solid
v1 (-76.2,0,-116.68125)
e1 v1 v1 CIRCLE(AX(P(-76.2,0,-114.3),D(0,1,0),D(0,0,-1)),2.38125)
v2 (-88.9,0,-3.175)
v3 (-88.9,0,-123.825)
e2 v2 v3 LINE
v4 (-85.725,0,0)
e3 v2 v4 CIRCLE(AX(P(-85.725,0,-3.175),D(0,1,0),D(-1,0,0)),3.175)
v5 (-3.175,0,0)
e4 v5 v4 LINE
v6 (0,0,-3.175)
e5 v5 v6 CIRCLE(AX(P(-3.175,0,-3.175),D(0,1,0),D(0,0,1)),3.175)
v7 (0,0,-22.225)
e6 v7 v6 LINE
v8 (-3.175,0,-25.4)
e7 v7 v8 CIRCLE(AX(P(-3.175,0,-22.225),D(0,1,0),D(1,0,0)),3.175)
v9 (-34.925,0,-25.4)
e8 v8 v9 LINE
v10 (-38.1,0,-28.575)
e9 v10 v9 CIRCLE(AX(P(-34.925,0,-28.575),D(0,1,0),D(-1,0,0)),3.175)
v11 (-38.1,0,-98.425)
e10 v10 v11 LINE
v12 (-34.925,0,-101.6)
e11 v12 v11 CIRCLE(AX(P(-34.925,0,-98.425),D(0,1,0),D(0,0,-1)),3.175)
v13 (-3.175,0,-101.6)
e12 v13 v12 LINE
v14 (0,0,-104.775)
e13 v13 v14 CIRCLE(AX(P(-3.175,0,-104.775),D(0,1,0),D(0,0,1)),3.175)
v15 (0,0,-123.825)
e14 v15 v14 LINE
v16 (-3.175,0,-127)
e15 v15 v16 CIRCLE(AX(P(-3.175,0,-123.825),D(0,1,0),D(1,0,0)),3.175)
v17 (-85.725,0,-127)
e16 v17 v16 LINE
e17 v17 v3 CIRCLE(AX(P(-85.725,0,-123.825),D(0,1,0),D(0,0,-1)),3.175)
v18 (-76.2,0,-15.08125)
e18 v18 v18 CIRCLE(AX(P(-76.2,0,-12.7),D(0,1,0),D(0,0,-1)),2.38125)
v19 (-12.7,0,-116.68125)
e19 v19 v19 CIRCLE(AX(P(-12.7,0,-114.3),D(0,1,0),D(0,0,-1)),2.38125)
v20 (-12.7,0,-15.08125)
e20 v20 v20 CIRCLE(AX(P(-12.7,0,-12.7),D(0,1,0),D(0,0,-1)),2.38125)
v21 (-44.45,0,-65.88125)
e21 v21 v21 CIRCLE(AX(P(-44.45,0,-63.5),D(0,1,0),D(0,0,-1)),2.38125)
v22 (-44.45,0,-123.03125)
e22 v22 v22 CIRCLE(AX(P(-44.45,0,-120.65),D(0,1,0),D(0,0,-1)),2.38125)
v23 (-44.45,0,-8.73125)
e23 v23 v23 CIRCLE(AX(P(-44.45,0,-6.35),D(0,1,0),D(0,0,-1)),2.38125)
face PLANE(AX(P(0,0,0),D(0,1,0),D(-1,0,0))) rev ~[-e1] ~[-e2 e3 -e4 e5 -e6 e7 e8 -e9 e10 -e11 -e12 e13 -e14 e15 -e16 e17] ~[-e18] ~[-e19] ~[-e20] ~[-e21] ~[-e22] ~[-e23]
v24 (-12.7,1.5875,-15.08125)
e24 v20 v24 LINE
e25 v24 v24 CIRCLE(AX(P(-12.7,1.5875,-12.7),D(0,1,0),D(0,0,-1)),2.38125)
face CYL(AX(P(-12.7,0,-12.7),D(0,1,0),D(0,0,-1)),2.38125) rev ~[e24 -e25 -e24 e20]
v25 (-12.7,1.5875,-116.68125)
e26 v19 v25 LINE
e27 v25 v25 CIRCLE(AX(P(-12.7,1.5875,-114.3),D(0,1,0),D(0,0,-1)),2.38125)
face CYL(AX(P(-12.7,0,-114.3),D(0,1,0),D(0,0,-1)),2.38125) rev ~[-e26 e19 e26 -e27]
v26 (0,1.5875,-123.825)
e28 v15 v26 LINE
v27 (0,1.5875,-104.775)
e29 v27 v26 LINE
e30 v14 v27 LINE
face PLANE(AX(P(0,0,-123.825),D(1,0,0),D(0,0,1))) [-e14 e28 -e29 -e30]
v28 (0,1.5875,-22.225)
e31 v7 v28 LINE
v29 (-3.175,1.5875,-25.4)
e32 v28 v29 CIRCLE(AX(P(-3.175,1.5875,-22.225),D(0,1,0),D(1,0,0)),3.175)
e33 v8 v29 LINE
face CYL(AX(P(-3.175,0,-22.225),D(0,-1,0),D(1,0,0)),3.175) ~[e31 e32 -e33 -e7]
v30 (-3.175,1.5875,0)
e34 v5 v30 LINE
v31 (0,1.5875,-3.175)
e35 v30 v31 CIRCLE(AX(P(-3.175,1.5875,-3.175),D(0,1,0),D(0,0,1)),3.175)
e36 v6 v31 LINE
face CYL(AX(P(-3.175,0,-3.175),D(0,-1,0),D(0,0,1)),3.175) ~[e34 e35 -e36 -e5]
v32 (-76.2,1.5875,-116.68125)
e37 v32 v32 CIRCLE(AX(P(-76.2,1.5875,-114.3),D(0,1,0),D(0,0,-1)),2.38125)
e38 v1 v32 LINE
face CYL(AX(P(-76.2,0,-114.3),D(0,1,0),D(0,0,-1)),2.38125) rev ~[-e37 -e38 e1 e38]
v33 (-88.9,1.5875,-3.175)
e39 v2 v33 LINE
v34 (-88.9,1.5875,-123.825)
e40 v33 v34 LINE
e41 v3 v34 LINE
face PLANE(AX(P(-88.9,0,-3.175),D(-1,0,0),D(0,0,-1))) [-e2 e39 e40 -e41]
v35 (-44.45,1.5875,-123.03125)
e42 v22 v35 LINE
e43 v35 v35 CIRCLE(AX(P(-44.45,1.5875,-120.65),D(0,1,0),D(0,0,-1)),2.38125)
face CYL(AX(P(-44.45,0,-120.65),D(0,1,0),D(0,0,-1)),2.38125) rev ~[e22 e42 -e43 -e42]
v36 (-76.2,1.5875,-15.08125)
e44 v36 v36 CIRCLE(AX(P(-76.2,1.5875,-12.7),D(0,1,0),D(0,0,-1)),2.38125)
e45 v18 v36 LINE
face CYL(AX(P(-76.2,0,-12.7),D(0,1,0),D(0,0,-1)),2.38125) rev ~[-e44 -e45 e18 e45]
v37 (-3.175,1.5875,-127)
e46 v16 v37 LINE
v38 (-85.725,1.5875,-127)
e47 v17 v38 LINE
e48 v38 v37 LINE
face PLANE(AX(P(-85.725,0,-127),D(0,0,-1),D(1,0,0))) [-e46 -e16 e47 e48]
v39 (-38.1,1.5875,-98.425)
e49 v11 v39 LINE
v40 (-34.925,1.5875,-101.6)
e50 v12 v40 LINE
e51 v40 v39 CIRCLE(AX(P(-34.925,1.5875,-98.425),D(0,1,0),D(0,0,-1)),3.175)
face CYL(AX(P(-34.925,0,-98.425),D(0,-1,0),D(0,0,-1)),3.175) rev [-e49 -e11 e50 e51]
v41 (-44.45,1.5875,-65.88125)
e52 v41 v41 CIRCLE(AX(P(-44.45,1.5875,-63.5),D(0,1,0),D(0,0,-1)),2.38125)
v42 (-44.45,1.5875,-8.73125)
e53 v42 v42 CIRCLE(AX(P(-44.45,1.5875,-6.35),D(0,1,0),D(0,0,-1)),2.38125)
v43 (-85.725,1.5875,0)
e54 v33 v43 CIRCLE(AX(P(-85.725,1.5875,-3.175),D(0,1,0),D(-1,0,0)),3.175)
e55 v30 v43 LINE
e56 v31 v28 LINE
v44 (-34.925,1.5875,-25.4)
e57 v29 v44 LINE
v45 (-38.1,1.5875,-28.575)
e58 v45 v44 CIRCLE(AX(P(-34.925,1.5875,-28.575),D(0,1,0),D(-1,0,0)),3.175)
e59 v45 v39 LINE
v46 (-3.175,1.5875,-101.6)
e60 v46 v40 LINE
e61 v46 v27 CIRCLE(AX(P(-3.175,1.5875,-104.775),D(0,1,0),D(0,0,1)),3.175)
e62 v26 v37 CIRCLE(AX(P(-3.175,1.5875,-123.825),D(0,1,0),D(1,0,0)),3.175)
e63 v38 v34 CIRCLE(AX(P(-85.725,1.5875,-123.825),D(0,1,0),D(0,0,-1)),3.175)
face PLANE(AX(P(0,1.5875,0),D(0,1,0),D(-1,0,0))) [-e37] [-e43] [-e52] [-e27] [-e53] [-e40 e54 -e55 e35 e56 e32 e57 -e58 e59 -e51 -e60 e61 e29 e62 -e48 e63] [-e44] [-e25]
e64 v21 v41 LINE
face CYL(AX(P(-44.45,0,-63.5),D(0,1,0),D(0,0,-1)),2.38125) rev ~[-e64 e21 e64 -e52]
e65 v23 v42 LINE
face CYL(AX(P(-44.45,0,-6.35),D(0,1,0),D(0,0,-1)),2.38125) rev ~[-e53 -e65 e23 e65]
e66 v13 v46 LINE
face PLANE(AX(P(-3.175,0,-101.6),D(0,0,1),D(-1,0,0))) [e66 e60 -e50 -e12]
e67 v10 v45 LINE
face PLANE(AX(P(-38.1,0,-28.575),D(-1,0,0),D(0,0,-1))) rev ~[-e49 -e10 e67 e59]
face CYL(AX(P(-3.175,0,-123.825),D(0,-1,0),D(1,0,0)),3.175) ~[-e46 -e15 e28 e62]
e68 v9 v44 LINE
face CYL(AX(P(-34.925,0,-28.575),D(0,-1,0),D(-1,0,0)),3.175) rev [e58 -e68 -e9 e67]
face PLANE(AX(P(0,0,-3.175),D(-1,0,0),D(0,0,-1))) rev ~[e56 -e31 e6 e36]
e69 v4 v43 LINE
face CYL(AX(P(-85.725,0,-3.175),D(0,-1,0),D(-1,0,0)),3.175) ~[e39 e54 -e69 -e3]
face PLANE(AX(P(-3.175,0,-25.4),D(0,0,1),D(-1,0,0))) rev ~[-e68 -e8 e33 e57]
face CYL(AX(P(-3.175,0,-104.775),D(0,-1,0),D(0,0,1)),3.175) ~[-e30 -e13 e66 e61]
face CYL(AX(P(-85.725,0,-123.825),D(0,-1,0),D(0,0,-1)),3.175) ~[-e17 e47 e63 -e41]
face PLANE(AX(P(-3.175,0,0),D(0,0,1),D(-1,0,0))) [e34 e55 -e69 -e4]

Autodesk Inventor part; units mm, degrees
ref_plane "YZ Plane" through (0, 0, 0) normal (1, 0, 0) x (0, 1, 0)
ref_plane "XZ Plane" through (0, 0, 0) normal (0, 1, 0) x (-1, 0, 0)
ref_plane "XY Plane" through (0, 0, 0) normal (0, 0, 1) x (1, 0, 0)
sketch "Sketch1" plane through (0, 0, 0) normal (0, 1, 0) x (-1, 0, 0)
  line L0 (3.175, 0) -> (85.725, 0)
  line L1 (88.9, -3.175) -> (88.9, -123.825)
  line L2 (85.725, -127) -> (3.175, -127)
  line L3 (0, -123.825) -> (0, -104.775)
  line L4 (3.175, -101.6) -> (34.925, -101.6)
  line L5 (0, -3.175) -> (0, -22.225)
  line L6 (3.175, -25.4) -> (34.925, -25.4)
  line L7 (38.1, -28.575) -> (38.1, -98.425)
  arc A0 (88.9, -3.175) -> (85.725, 0) centre (85.725, -3.175) ccw
  arc A1 (85.725, -127) -> (88.9, -123.825) centre (85.725, -123.825) ccw
  arc A2 (0, -123.825) -> (3.175, -127) centre (3.175, -123.825) ccw
  arc A3 (3.175, -101.6) -> (0, -104.775) centre (3.175, -104.775) ccw
  arc A4 (34.925, -101.6) -> (38.1, -98.425) centre (34.925, -98.425) ccw
  arc A5 (3.175, 0) -> (0, -3.175) centre (3.175, -3.175) ccw
  arc A6 (0, -22.225) -> (3.175, -25.4) centre (3.175, -22.225) ccw
  arc A7 (38.1, -28.575) -> (34.925, -25.4) centre (34.925, -28.575) ccw
  line L8 (0, 0) -> (0, -12.7)
  line L9 (0, 0) -> (0, -12.7)
  line L10 (0, -12.7) -> (12.7, -12.7)
  line L11 (12.7, -12.7) -> (76.2, -12.7)
  line L12 (0, -114.3) -> (12.7, -114.3)
  line L13 (12.7, -114.3) -> (76.2, -114.3)
  line L14 (76.2, -12.7) -> (44.45, -12.7)
  line L15 (44.45, -12.7) -> (44.45, -6.35)
  line L16 (76.2, -114.3) -> (44.45, -114.3)
  line L17 (44.45, -114.3) -> (44.45, -120.65)
  line L18 (44.45, -12.7) -> (44.45, -114.3)
  line L19 (44.45, -63.5) -> (52.1099, -63.5)
  point P0 (88.9, 0)
  point P1 (88.9, -127)
  point P2 (0, -127)
  point P3 (0, -101.6)
  point P4 (38.1, -101.6)
  point P5 (0, -25.4)
  dimension "d0" = 88.9
  dimension "d1" = 127
  dimension "d2" = 25.4
  dimension "d3" = 38.1
  dimension "d4" = 25.4
  dimension "d5" = 3.175
  dimension "d8" = 12.7
  dimension "d10" = 63.5
  dimension "d11" = 31.75
  dimension "d12" = 6.35
extrude "Extrusion1" add sketch "Sketch1" along normal blind 1.5875
hole "Hole1" at (-76.2, 0, -12.7) at (-44.45, 0, -6.35) at (-12.7, 0, -12.7) at (-12.7, 0, -114.3) at (-44.45, 0, -120.65) at (-76.2, 0, -114.3) at (-44.45, 0, -63.5) direction (0, 1, 0) diameter 4.7625 end through all
properties part number "triball holder"
